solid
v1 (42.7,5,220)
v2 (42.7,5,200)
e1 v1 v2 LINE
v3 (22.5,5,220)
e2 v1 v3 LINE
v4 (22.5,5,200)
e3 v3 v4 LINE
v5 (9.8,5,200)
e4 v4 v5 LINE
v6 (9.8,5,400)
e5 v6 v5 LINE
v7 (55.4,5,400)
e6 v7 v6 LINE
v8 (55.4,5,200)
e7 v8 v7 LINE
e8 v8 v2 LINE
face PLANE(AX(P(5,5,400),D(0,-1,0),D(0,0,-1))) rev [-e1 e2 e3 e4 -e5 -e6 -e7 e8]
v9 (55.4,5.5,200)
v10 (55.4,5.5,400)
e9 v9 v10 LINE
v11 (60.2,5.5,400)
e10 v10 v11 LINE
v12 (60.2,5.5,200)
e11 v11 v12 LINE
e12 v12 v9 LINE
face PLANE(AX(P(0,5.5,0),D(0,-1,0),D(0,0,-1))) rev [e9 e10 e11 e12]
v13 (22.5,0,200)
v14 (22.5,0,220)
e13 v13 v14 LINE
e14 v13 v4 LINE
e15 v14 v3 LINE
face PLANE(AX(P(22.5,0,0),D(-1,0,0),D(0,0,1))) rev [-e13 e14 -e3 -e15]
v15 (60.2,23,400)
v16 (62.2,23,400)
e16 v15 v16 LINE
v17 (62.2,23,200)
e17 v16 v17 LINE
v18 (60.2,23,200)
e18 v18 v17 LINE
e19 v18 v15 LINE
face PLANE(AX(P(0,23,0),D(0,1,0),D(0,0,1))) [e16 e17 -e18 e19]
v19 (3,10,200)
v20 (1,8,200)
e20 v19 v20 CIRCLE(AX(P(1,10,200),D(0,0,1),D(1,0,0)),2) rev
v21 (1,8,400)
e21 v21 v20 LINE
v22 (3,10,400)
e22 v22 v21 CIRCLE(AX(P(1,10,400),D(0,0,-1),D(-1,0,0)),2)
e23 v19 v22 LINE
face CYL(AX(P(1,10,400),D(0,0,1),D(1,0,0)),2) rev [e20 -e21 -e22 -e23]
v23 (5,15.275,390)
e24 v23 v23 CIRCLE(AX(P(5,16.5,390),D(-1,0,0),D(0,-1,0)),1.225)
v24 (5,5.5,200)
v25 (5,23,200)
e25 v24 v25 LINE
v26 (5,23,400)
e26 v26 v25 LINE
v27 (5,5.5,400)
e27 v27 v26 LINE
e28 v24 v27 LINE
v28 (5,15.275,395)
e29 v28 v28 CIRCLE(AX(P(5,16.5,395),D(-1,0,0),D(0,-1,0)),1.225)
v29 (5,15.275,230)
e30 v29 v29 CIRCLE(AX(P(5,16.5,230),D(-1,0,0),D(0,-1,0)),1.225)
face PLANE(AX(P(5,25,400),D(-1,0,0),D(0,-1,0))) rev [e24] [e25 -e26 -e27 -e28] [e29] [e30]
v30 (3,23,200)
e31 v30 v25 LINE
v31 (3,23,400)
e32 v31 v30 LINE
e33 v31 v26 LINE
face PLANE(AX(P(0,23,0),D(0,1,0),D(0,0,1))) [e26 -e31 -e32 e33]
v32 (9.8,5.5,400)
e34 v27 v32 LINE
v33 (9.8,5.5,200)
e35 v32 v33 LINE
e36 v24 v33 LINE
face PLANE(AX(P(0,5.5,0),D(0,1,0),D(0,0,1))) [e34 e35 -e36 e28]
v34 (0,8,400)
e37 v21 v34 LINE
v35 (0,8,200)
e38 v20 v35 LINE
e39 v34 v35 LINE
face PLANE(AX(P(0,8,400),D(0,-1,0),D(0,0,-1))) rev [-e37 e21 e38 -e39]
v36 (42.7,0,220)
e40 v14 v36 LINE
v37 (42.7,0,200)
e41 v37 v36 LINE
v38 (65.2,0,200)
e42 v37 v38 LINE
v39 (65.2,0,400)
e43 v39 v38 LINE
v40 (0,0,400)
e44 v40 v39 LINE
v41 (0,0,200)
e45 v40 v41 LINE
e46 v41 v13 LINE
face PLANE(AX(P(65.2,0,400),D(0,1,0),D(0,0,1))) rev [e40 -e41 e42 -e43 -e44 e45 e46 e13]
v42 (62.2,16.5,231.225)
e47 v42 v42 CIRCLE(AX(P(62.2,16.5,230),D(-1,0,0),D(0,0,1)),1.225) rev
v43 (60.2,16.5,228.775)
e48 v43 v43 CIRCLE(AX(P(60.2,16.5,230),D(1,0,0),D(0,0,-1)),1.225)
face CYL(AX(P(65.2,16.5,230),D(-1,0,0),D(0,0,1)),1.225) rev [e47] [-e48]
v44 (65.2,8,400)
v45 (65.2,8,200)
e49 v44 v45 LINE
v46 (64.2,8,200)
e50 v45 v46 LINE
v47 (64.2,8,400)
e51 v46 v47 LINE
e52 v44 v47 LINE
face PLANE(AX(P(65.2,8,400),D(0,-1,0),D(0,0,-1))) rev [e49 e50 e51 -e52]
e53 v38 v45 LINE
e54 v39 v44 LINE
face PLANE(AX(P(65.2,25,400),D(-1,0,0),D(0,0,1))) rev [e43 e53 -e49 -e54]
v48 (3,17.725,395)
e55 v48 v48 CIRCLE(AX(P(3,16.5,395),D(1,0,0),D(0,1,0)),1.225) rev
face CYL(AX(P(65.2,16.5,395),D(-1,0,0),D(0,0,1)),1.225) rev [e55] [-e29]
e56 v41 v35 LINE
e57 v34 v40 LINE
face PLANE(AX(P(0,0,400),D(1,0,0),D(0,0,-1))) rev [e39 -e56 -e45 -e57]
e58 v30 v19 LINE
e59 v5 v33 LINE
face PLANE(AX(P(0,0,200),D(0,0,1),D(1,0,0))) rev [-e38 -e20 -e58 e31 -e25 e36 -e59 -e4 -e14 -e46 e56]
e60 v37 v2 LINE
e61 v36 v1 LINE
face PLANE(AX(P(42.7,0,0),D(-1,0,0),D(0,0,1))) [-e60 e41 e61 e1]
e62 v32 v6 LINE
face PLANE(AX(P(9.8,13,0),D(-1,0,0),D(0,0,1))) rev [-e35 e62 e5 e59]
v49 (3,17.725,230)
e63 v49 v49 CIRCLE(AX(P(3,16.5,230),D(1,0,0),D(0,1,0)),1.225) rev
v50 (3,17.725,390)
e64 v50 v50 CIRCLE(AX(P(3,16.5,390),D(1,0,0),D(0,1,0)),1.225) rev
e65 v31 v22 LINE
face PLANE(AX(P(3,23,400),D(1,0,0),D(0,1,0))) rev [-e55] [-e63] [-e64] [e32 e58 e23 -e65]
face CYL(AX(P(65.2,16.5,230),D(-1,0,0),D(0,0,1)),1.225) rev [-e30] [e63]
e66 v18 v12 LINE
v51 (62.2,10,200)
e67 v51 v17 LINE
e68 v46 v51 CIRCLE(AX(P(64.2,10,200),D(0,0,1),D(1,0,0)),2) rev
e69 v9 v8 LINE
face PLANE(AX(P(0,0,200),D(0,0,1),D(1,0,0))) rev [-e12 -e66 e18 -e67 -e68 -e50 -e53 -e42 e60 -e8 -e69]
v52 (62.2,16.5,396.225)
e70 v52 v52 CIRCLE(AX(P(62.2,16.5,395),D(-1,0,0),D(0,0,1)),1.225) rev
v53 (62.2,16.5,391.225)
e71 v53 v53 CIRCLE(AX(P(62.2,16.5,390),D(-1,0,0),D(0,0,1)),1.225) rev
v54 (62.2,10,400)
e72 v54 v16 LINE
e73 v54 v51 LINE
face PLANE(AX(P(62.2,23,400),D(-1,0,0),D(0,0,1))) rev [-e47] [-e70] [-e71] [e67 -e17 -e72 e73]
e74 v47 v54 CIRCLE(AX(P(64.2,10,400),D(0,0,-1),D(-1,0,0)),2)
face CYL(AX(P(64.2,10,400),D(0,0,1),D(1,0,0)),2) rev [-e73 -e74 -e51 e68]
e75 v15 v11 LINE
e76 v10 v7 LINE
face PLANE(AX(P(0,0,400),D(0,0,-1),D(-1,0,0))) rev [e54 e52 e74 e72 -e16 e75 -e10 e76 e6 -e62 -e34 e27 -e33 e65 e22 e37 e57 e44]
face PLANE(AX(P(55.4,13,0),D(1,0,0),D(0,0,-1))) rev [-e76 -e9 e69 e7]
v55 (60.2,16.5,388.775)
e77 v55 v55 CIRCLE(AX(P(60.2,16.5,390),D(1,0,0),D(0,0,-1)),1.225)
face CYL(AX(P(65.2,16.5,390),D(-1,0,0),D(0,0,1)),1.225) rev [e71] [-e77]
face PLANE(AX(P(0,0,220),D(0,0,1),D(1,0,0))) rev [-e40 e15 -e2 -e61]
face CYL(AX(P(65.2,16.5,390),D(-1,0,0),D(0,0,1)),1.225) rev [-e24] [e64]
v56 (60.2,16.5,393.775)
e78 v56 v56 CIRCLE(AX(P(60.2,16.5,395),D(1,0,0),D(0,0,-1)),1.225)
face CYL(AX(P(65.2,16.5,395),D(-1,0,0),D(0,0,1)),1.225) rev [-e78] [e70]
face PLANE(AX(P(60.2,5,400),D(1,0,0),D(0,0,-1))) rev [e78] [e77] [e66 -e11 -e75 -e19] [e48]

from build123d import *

# Parameters (mm, degrees)
BOSS_EXTRUDE1_DEPTH      = 400
SKETCH2_R                = 2.1
CUT_EXTRUDE3_DEPTH       = 10
SKETCH3_W                = 158.039132068
SKETCH3_H                = 497.98789011
CUT_EXTRUDE4_DEPTH       = 2
SKETCH4_W                = 4.8
SKETCH4_H                = 400
BOSS_EXTRUDE2_DEPTH      = 8
SKETCH5_R                = 1.2
CUT_EXTRUDE9_DEPTH       = 406.158043237
SKETCH9_R                = 1.225
CUT_EXTRUDE10_DEPTH      = 406.931077894
SKETCH10_W               = 4.8
SKETCH10_H               = 400
CUT_EXTRUDE11_DEPTH      = 5
BOSS_EXTRUDE3_START      = -15
SKETCH12_R               = 2.1
BOSS_EXTRUDE3_DEPTH      = 15
SKETCH13_W               = 6.18
SKETCH13_H               = 37.25
BOSS_EXTRUDE5_DEPTH      = 10
BOSS_EXTRUDE6_DEPTH      = 6.18
SKETCH15_R               = 1.05
CUT_EXTRUDE12_DEPTH      = 10
FILLET1_R                = 2
SKETCH16_W               = 4.8
SKETCH16_H               = 400
CUT_EXTRUDE13_DEPTH      = 2.5
CUT_EXTRUDE14_REACH      = 404.247
SKETCH17_R               = 1.16
CUT_EXTRUDE16_DEPTH      = 406.158043237
CUT_EXTRUDE16_DEPTH_BACK = 406.158043237
SKETCH18_R               = 1.225
CUT_EXTRUDE17_DEPTH      = 406.158043237
CUT_EXTRUDE17_DEPTH_BACK = 406.158043237
SKETCH20_R               = 1.225
SKETCH22_W               = 3
SKETCH22_H               = 15
CUT_EXTRUDE18_DEPTH      = 406.931077894
FILLET2_R                = 2
FILLET3_R                = 2
SKETCH24_W               = 20.2
SKETCH24_H               = 20
SKETCH24_W_2             = 2
SKETCH24_H_2             = 200
SKETCH24_W_3             = 3
CUT_EXTRUDE21_DEPTH      = 406.931077894


with BuildPart() as part:
    # Sketch1 → Boss-Extrude1 (new body)
    with BuildSketch(Plane.XY):
        Polygon((0, 0), (0, 25), (5, 25), (5, 5), (60.2, 5), (60.2, 25), (65.2, 25), (65.2, 0), align=None)
    extrude(amount=BOSS_EXTRUDE1_DEPTH)

    # Sketch2 → Cut-Extrude3 (cut)
    with BuildSketch(Plane(origin=(0, 5, 0), x_dir=(1, 0, 0), z_dir=(0, 1, 0))):
        with Locations(Location((32.6, -67.17, 0), (0, 0, 270))):
            Circle(SKETCH2_R)
        with Locations(Location((32.6, -96.92, 0), (0, 0, 270))):
            Circle(SKETCH2_R)
    extrude(amount=-CUT_EXTRUDE3_DEPTH, mode=Mode.SUBTRACT)

    # Sketch3 → Cut-Extrude4 (cut)
    with BuildSketch(Plane(origin=(0, 25, 0), x_dir=(1, 0, 0), z_dir=(0, 1, 0))):
        with Locations((44.123686713, -201.646240959)):
            Rectangle(SKETCH3_W, SKETCH3_H)
    extrude(amount=-CUT_EXTRUDE4_DEPTH, mode=Mode.SUBTRACT)

    # Sketch4 → Boss-Extrude2 (add)
    with BuildSketch(Plane(origin=(0, 5, 0), x_dir=(1, 0, 0), z_dir=(0, 1, 0))):
        with Locations((7.4, -200)):
            Rectangle(SKETCH4_W, SKETCH4_H)
        with Locations((57.8, -200)):
            Rectangle(SKETCH4_W, SKETCH4_H)
    extrude(amount=BOSS_EXTRUDE2_DEPTH)

    # Sketch5 → Cut-Extrude9 (cut, through all)
    with BuildSketch(Plane(origin=(5, 0, 0), x_dir=(0, 0, -1), z_dir=(1, 0, 0))):
        with Locations(Location((-395, 16.5, 0), (0, 0, 90))):
            Circle(SKETCH5_R)
        with Locations(Location((-390, 16.5, 0), (0, 0, 90))):
            Circle(SKETCH5_R)
        with Locations(Location((-10, 16.5, 0), (0, 0, 90))):
            Circle(SKETCH5_R)
        with Locations(Location((-5, 16.5, 0), (0, 0, 90))):
            Circle(SKETCH5_R)
    extrude(amount=-CUT_EXTRUDE9_DEPTH, mode=Mode.SUBTRACT)

    # Sketch9 → Cut-Extrude10 (cut, through all)
    with BuildSketch(Plane.ZY):
        with Locations((5, 16.5)):
            Circle(SKETCH9_R)
        with Locations((10, 16.5)):
            Circle(SKETCH9_R)
        with Locations((390, 16.5)):
            Circle(SKETCH9_R)
        with Locations((395, 16.5)):
            Circle(SKETCH9_R)
    extrude(amount=-CUT_EXTRUDE10_DEPTH, mode=Mode.SUBTRACT)

    # Sketch10 → Cut-Extrude11 (cut)
    with BuildSketch(Plane(origin=(0, 13, 0), x_dir=(1, 0, 0), z_dir=(0, 1, 0))):
        with Locations((7.4, -200)):
            Rectangle(SKETCH10_W, SKETCH10_H)
        with Locations((57.8, -200)):
            Rectangle(SKETCH10_W, SKETCH10_H)
    extrude(amount=-CUT_EXTRUDE11_DEPTH, mode=Mode.SUBTRACT)

    # Sketch12 → Boss-Extrude3 (add)
    with BuildSketch(Plane.XZ.offset(BOSS_EXTRUDE3_START)):
        with Locations(Location((32.6, 96.92, 0), (0, 0, 270))):
            Circle(SKETCH12_R)
        with Locations(Location((32.6, 67.17, 0), (0, 0, 270))):
            Circle(SKETCH12_R)
    extrude(amount=BOSS_EXTRUDE3_DEPTH)

    # Sketch13 → Boss-Extrude5 (add)
    with BuildSketch(Plane(origin=(0, 5, 0), x_dir=(1, 0, 0), z_dir=(0, 1, 0))):
        with Locations((32.6, -82.045)):
            Rectangle(SKETCH13_W, SKETCH13_H)
    extrude(amount=BOSS_EXTRUDE5_DEPTH)

    # Sketch14 → Boss-Extrude6 (add)
    with BuildSketch(Plane.ZY.offset(-29.51)):
        Polygon((70.92, 15), (75.32, 19.4), (88.77, 19.4), (93.17, 15), align=None)
    extrude(amount=-BOSS_EXTRUDE6_DEPTH)

    # Sketch15 → Cut-Extrude12 (cut)
    with BuildSketch(Plane.ZY.offset(-29.51)):
        with Locations((78.87, 16)):
            Circle(SKETCH15_R)
        with Locations((85.22, 16)):
            Circle(SKETCH15_R)
    extrude(amount=-CUT_EXTRUDE12_DEPTH, mode=Mode.SUBTRACT)

    # Fillet1
    fillet1_edges = [part.edges().sort_by_distance(p)[0] for p in [
        (29.51, 5, 82.045),
        (29.51, 10, 63.42),
        (32.6, 5, 100.67),
        (29.51, 10, 100.67),
        (35.69, 5, 82.045),
        (35.69, 10, 100.67),
        (32.6, 5, 63.42),
        (35.69, 10, 63.42),
    ]]
    fillet(fillet1_edges, radius=FILLET1_R)

    # Sketch16 → Cut-Extrude13 (cut)
    with BuildSketch(Plane(origin=(0, 8, 0), x_dir=(1, 0, 0), z_dir=(0, 1, 0))):
        with Locations((7.4, -200)):
            Rectangle(SKETCH16_W, SKETCH16_H)
        with Locations((57.8, -200)):
            Rectangle(SKETCH16_W, SKETCH16_H)
    extrude(amount=-CUT_EXTRUDE13_DEPTH, mode=Mode.SUBTRACT)

    # Sketch17 → Cut-Extrude14 (cut, up to next)
    with BuildSketch(Plane.ZY.offset(-29.51), mode=Mode.PRIVATE) as cut_extrude14_sk1:
        with Locations((78.87, 16)):
            Circle(SKETCH17_R)
    cut_extrude14_tool1 = extrude(cut_extrude14_sk1.sketch, amount=-CUT_EXTRUDE14_REACH, mode=Mode.PRIVATE) & part.part
    # Sketch17 → Cut-Extrude14 (cut, up to next)
    with BuildSketch(Plane.ZY.offset(-29.51), mode=Mode.PRIVATE) as cut_extrude14_sk2:
        with Locations((85.22, 16)):
            Circle(SKETCH17_R)
    cut_extrude14_tool2 = extrude(cut_extrude14_sk2.sketch, amount=-CUT_EXTRUDE14_REACH, mode=Mode.PRIVATE) & part.part
    add(cut_extrude14_tool1.solids().sort_by_distance((29.51, 16, 78.87))[0], mode=Mode.SUBTRACT)
    add(cut_extrude14_tool2.solids().sort_by_distance((29.51, 16, 85.22))[0], mode=Mode.SUBTRACT)

    # Sketch18 → Cut-Extrude16 (cut, two sides: drawn at the far end of the back side and taken through both)
    with BuildSketch(Plane.ZY.offset(-60.2).offset(-CUT_EXTRUDE16_DEPTH_BACK)):
        with Locations((170, 16.5)):
            Circle(SKETCH18_R)
    extrude(amount=CUT_EXTRUDE16_DEPTH + CUT_EXTRUDE16_DEPTH_BACK, mode=Mode.SUBTRACT)

    # Sketch20 → Cut-Extrude17 (cut, two sides: drawn at the far end of the back side and taken through both)
    with BuildSketch(Plane.ZY.offset(-60.2).offset(-CUT_EXTRUDE17_DEPTH_BACK)):
        with Locations((230, 16.5)):
            Circle(SKETCH20_R)
    extrude(amount=CUT_EXTRUDE17_DEPTH + CUT_EXTRUDE17_DEPTH_BACK, mode=Mode.SUBTRACT)

    # Sketch22 → Cut-Extrude18 (cut, through all)
    with BuildSketch(Plane(origin=(0, 0, 0), x_dir=(-1, 0, 0), z_dir=(0, 0, -1))):
        with Locations((-63.7, 15.5)):
            Rectangle(SKETCH22_W, SKETCH22_H)
        with Locations((-1.5, 15.5)):
            Rectangle(SKETCH22_W, SKETCH22_H)
    extrude(amount=-CUT_EXTRUDE18_DEPTH, mode=Mode.SUBTRACT)

    # Fillet2
    fillet2_edges = [part.edges().sort_by_distance(p)[0] for p in [
        (62.2, 8, 200),
    ]]
    fillet(fillet2_edges, radius=FILLET2_R)

    # Fillet3
    fillet3_edges = [part.edges().sort_by_distance(p)[0] for p in [
        (3, 8, 200),
    ]]
    fillet(fillet3_edges, radius=FILLET3_R)

    # Sketch24 → Cut-Extrude21 (cut, through all)
    with BuildSketch(Plane(origin=(0, 23, 0), x_dir=(1, 0, 0), z_dir=(0, 1, 0))):
        Polygon((0, 0), (0, -200), (22.5, -200), (42.7, -200), (60.2, -200), (60.2, 0), align=None)
        with Locations((32.6, -210)):
            Rectangle(SKETCH24_W, SKETCH24_H)
        with Locations((61.2, -100)):
            Rectangle(SKETCH24_W_2, SKETCH24_H_2)
        with Locations((63.7, -100)):
            Rectangle(SKETCH24_W_3, SKETCH24_H_2)
    extrude(amount=-CUT_EXTRUDE21_DEPTH, mode=Mode.SUBTRACT)


solid = part.part
